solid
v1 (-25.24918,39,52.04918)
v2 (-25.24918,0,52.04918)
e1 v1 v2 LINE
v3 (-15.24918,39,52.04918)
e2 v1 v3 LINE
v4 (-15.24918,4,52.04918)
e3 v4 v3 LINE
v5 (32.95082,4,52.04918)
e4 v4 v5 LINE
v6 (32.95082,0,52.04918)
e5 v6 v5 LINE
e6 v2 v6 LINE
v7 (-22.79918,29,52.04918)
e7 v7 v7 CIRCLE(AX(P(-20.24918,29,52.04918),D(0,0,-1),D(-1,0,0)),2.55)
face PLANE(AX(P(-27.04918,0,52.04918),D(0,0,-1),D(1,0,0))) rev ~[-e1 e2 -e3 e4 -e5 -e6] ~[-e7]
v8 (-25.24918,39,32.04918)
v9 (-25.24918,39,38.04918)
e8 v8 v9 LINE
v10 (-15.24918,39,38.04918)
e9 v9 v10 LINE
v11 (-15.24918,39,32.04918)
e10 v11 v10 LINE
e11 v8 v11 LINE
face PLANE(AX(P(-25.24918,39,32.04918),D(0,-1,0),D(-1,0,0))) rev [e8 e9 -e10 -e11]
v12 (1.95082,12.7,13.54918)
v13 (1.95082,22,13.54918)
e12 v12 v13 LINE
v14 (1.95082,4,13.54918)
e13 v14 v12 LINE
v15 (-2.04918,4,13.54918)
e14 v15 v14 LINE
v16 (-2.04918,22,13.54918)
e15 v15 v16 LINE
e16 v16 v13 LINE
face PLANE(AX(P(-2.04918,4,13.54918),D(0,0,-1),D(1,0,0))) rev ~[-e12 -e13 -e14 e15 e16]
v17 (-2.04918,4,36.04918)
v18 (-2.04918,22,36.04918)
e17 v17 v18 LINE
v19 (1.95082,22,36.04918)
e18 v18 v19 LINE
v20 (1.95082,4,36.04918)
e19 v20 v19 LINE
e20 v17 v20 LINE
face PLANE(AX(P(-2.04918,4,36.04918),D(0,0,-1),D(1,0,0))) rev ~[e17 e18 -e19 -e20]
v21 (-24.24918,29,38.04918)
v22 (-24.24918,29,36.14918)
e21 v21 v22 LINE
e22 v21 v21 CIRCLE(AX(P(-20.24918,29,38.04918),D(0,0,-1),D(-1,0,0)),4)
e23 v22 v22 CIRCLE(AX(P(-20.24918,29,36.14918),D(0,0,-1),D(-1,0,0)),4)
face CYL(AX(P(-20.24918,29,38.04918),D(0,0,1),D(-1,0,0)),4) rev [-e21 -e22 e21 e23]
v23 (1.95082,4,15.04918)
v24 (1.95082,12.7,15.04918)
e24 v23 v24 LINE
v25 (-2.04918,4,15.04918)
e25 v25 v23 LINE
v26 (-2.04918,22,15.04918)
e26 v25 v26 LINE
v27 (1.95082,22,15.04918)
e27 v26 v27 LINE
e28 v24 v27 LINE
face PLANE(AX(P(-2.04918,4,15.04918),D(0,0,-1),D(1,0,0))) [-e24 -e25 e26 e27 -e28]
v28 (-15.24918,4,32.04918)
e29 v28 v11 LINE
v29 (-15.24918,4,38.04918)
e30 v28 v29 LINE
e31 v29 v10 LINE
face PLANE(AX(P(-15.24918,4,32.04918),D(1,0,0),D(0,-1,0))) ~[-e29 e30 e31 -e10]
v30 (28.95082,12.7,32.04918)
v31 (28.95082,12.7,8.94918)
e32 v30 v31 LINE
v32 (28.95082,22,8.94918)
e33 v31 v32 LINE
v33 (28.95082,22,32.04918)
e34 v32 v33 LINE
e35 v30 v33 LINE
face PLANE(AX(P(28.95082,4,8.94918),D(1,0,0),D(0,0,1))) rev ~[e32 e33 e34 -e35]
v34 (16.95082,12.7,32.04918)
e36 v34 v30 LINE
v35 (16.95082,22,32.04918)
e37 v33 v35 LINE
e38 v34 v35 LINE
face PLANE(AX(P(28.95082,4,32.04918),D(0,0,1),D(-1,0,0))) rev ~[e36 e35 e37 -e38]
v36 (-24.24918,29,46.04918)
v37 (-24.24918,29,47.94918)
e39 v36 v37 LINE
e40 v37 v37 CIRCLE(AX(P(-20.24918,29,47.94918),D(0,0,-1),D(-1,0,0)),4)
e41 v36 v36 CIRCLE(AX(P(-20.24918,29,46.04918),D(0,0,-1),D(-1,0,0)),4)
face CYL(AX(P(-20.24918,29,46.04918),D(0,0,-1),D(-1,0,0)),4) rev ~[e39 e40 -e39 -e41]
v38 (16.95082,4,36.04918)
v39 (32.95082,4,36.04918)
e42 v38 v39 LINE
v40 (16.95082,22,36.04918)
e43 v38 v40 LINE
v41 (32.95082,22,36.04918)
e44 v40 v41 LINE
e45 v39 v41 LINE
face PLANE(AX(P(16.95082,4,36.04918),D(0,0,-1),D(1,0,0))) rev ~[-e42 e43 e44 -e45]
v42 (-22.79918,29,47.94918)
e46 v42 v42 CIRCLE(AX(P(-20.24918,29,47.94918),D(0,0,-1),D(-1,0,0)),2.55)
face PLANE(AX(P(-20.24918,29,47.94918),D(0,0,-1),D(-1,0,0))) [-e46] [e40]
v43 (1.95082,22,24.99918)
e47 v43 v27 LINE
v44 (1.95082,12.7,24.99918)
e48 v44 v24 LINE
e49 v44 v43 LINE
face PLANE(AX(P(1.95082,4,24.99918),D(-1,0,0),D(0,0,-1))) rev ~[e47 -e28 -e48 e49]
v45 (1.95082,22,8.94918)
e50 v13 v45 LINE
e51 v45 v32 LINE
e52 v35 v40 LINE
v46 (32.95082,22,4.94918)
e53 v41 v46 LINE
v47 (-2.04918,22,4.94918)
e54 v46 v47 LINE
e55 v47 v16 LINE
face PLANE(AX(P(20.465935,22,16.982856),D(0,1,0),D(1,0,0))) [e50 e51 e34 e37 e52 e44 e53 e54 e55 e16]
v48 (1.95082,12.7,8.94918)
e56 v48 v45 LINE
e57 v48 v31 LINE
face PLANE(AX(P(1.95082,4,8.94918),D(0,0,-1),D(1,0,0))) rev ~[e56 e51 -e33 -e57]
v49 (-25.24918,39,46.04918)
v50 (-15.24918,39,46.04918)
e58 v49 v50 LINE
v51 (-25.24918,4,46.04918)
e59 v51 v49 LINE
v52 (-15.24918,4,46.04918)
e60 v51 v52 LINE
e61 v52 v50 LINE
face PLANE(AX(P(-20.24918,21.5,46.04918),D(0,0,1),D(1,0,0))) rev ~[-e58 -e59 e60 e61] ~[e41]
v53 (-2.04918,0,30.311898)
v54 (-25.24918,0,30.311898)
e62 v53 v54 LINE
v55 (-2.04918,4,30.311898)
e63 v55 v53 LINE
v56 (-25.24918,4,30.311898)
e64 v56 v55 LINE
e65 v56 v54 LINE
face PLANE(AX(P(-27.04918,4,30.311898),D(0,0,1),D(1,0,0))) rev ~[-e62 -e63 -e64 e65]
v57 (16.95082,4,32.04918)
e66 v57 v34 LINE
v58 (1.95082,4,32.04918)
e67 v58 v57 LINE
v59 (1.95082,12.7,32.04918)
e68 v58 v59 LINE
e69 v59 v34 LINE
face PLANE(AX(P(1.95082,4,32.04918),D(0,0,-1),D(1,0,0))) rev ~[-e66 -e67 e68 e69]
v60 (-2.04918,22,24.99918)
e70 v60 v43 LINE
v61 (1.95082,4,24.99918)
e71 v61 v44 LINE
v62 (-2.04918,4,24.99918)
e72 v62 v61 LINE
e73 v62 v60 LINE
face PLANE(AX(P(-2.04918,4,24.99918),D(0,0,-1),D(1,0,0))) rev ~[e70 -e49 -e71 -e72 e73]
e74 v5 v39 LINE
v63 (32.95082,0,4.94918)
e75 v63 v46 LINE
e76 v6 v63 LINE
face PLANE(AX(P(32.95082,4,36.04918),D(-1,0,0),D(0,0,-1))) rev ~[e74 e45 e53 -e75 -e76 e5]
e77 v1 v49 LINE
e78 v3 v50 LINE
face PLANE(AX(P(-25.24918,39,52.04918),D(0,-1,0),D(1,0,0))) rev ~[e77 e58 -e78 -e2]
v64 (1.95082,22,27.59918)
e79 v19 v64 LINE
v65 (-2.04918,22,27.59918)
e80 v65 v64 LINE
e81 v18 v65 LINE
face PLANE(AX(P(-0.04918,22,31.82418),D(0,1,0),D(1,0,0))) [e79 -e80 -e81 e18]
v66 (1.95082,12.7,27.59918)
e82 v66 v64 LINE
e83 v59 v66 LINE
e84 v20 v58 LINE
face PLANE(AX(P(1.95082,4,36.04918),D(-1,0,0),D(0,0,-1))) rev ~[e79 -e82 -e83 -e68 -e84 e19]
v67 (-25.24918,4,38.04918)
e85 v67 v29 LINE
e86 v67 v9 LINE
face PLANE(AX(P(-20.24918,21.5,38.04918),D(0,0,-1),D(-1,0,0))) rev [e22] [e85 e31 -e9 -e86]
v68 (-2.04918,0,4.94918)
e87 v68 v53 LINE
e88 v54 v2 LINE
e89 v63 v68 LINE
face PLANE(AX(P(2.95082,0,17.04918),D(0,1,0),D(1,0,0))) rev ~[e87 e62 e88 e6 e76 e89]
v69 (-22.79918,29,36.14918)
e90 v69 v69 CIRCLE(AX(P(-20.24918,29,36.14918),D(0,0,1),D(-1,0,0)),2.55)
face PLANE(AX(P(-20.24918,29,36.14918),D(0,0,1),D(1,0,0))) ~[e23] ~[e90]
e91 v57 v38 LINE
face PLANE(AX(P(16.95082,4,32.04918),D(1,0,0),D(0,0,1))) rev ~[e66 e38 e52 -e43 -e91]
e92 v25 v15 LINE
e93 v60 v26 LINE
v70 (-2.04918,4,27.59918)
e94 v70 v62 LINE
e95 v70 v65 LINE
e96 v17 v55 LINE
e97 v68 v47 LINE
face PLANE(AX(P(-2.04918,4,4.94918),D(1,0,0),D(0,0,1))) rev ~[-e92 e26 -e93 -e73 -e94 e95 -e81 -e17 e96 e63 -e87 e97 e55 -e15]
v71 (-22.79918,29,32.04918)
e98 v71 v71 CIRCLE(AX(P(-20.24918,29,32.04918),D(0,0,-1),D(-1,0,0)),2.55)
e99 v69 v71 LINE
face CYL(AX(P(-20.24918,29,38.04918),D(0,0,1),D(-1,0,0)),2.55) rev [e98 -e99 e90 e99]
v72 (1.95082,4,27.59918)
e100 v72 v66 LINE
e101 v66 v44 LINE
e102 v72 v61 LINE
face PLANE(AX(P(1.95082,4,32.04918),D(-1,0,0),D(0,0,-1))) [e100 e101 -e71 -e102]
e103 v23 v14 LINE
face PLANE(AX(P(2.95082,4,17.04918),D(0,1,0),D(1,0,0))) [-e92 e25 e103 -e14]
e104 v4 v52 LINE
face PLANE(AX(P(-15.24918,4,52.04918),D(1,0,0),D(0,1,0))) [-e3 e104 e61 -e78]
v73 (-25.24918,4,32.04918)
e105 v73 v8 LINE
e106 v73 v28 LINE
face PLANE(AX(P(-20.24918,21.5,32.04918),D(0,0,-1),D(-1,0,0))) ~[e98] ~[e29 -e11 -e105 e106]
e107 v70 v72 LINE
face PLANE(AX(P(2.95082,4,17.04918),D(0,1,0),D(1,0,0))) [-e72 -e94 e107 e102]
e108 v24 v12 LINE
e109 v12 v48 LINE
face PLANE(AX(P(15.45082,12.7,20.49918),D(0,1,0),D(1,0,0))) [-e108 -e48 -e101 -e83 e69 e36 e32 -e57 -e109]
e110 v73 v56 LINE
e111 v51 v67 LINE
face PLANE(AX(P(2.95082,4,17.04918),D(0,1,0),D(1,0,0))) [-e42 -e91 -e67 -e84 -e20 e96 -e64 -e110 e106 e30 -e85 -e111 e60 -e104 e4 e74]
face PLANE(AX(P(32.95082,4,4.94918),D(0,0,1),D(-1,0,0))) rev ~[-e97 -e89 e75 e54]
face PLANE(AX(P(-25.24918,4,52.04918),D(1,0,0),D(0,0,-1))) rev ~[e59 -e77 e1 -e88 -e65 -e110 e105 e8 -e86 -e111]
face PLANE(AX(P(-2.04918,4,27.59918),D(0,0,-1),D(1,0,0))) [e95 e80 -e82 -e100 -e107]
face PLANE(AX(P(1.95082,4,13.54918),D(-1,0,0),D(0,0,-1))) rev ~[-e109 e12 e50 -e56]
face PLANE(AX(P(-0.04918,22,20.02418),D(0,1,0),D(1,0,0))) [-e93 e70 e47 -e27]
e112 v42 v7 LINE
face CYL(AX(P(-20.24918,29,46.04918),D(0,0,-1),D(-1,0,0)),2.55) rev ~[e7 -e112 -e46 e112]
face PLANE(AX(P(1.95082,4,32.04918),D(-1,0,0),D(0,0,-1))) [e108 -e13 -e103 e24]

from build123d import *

# Parameters (mm, degrees)
SKETCH1_W           = 60
SKETCH1_H           = 70
BOSS_EXTRUDE1_DEPTH = 4
SKETCH4_W           = 27
SKETCH4_H           = 23.1
BOSS_EXTRUDE3_DEPTH = 8.7
SKETCH3_W           = 10
SKETCH3_H           = 35
SKETCH3_R           = 1.5
BOSS_EXTRUDE2_DEPTH = 6
SKETCH5_W           = 4
SKETCH5_H           = 9.95
SKETCH5_H_2         = 8.45
BOSS_EXTRUDE4_DEPTH = 18
SKETCH6_R           = 2.55
CUT_EXTRUDE1_DEPTH  = 6
SKETCH7_R           = 4
CUT_EXTRUDE2_DEPTH  = 1.9
CUT_EXTRUDE3_REACH  = 6


with BuildPart() as part:
    # Sketch1 → Boss-Extrude1 (new body)
    with BuildSketch(Plane(origin=(0, 0, 0), x_dir=(1, 0, 0), z_dir=(0, 1, 0))):
        with Locations((2.950819672, -17.049180328)):
            Rectangle(SKETCH1_W, SKETCH1_H)
    extrude(amount=BOSS_EXTRUDE1_DEPTH)

    # Sketch4 → Boss-Extrude3 (add)
    with BuildSketch(Plane(origin=(0, 4, 0), x_dir=(1, 0, 0), z_dir=(0, 1, 0))):
        with Locations((15.450819672, -20.499180328)):
            Rectangle(SKETCH4_W, SKETCH4_H)
    extrude(amount=BOSS_EXTRUDE3_DEPTH)

    # Sketch3 → Boss-Extrude2 (add)
    with BuildSketch(Plane.XY.offset(52.049180328)):
        with Locations((-20.249180328, 21.5)):
            Rectangle(SKETCH3_W, SKETCH3_H)
        with Locations((-20.249180328, 29)):
            Circle(SKETCH3_R, mode=Mode.SUBTRACT)
    boss_extrude2 = extrude(amount=-BOSS_EXTRUDE2_DEPTH)

    # Sketch5 → Boss-Extrude4 (add)
    with BuildSketch(Plane(origin=(0, 4, 0), x_dir=(1, 0, 0), z_dir=(0, 1, 0))):
        Polygon((1.950819672, -13.549180328), (1.950819672, -8.949180328), (28.950819672, -8.949180328), (28.950819672, -32.049180328), (16.950819672, -32.049180328), (16.950819672, -36.049180328), (32.950819672, -36.049180328), (32.950819672, -4.949180328), (-2.049180328, -4.949180328), (-2.049180328, -13.549180328), align=None)
        with Locations((-0.049180328, -20.024180328)):
            Rectangle(SKETCH5_W, SKETCH5_H)
        with Locations((-0.049180328, -31.824180328)):
            Rectangle(SKETCH5_W, SKETCH5_H_2)
    extrude(amount=BOSS_EXTRUDE4_DEPTH)

    # Sketch6 → Cut-Extrude1 (cut)
    with BuildSketch(Plane(origin=(0, 0, 46.049180328), x_dir=(-1, 0, 0), z_dir=(0, 0, -1))):
        with Locations((20.249180328, 29)):
            Circle(SKETCH6_R)
    cut_extrude1 = extrude(amount=-CUT_EXTRUDE1_DEPTH, mode=Mode.SUBTRACT)

    # Sketch7 → Cut-Extrude2 (cut)
    with BuildSketch(Plane(origin=(0, 0, 46.049180328), x_dir=(-1, 0, 0), z_dir=(0, 0, -1))):
        with Locations((20.249180328, 29)):
            Circle(SKETCH7_R)
    cut_extrude2 = extrude(amount=-CUT_EXTRUDE2_DEPTH, mode=Mode.SUBTRACT)

    # Mirror1: Boss-Extrude2, Cut-Extrude1, Cut-Extrude2 across plane
    add(boss_extrude2.mirror(Plane(origin=(0, 0, 42.049180328), x_dir=(1, 0, 0), z_dir=(0, 0, -1))))
    add(cut_extrude1.mirror(Plane(origin=(0, 0, 42.049180328), x_dir=(1, 0, 0), z_dir=(0, 0, -1))), mode=Mode.SUBTRACT)
    add(cut_extrude2.mirror(Plane(origin=(0, 0, 42.049180328), x_dir=(1, 0, 0), z_dir=(0, 0, -1))), mode=Mode.SUBTRACT)

    # Sketch9 → Cut-Extrude3 (cut, up to next)
    with BuildSketch(Plane(origin=(0, 4, 0), x_dir=(1, 0, 0), z_dir=(0, 1, 0)), mode=Mode.PRIVATE) as cut_extrude3_sk1:
        Polygon((-2.049180328, -13.549180328), (-2.049180328, -4.949180328), (-27.049180328, -4.949180328), (-27.049180328, -30.311897608), (-25.249180328, -30.311897608), (-2.049180328, -30.311897608), (-2.049180328, -27.599180328), (-2.049180328, -24.999180328), (-2.049180328, -15.049180328), align=None)
    cut_extrude3_tool1 = extrude(cut_extrude3_sk1.sketch, amount=-CUT_EXTRUDE3_REACH, mode=Mode.PRIVATE) & part.part
    add(cut_extrude3_tool1.solids().sort_by_distance((-14.54918, 4, 17.630539))[0], mode=Mode.SUBTRACT)
    # Sketch9 → Cut-Extrude3 (cut, up to next)
    with BuildSketch(Plane(origin=(0, 4, 0), x_dir=(1, 0, 0), z_dir=(0, 1, 0)), mode=Mode.PRIVATE) as cut_extrude3_sk2:
        Polygon((-2.049180328, -4.949180328), (32.950819672, -4.949180328), (32.950819672, 17.950819672), (-27.049180328, 17.950819672), (-27.049180328, -4.949180328), align=None)
    cut_extrude3_tool2 = extrude(cut_extrude3_sk2.sketch, amount=-CUT_EXTRUDE3_REACH, mode=Mode.PRIVATE) & part.part
    add(cut_extrude3_tool2.solids().sort_by_distance((2.95082, 4, -6.50082))[0], mode=Mode.SUBTRACT)
    # Sketch9 → Cut-Extrude3 (cut, up to next)
    with BuildSketch(Plane(origin=(0, 4, 0), x_dir=(1, 0, 0), z_dir=(0, 1, 0)), mode=Mode.PRIVATE) as cut_extrude3_sk3:
        Polygon((-25.249180328, -30.311897608), (-27.049180328, -30.311897608), (-27.049180328, -52.049180328), (-25.249180328, -52.049180328), (-25.249180328, -46.049180328), (-25.249180328, -38.049180328), (-25.249180328, -32.049180328), align=None)
    cut_extrude3_tool3 = extrude(cut_extrude3_sk3.sketch, amount=-CUT_EXTRUDE3_REACH, mode=Mode.PRIVATE) & part.part
    add(cut_extrude3_tool3.solids().sort_by_distance((-26.14918, 4, 41.180539))[0], mode=Mode.SUBTRACT)


solid = part.part
